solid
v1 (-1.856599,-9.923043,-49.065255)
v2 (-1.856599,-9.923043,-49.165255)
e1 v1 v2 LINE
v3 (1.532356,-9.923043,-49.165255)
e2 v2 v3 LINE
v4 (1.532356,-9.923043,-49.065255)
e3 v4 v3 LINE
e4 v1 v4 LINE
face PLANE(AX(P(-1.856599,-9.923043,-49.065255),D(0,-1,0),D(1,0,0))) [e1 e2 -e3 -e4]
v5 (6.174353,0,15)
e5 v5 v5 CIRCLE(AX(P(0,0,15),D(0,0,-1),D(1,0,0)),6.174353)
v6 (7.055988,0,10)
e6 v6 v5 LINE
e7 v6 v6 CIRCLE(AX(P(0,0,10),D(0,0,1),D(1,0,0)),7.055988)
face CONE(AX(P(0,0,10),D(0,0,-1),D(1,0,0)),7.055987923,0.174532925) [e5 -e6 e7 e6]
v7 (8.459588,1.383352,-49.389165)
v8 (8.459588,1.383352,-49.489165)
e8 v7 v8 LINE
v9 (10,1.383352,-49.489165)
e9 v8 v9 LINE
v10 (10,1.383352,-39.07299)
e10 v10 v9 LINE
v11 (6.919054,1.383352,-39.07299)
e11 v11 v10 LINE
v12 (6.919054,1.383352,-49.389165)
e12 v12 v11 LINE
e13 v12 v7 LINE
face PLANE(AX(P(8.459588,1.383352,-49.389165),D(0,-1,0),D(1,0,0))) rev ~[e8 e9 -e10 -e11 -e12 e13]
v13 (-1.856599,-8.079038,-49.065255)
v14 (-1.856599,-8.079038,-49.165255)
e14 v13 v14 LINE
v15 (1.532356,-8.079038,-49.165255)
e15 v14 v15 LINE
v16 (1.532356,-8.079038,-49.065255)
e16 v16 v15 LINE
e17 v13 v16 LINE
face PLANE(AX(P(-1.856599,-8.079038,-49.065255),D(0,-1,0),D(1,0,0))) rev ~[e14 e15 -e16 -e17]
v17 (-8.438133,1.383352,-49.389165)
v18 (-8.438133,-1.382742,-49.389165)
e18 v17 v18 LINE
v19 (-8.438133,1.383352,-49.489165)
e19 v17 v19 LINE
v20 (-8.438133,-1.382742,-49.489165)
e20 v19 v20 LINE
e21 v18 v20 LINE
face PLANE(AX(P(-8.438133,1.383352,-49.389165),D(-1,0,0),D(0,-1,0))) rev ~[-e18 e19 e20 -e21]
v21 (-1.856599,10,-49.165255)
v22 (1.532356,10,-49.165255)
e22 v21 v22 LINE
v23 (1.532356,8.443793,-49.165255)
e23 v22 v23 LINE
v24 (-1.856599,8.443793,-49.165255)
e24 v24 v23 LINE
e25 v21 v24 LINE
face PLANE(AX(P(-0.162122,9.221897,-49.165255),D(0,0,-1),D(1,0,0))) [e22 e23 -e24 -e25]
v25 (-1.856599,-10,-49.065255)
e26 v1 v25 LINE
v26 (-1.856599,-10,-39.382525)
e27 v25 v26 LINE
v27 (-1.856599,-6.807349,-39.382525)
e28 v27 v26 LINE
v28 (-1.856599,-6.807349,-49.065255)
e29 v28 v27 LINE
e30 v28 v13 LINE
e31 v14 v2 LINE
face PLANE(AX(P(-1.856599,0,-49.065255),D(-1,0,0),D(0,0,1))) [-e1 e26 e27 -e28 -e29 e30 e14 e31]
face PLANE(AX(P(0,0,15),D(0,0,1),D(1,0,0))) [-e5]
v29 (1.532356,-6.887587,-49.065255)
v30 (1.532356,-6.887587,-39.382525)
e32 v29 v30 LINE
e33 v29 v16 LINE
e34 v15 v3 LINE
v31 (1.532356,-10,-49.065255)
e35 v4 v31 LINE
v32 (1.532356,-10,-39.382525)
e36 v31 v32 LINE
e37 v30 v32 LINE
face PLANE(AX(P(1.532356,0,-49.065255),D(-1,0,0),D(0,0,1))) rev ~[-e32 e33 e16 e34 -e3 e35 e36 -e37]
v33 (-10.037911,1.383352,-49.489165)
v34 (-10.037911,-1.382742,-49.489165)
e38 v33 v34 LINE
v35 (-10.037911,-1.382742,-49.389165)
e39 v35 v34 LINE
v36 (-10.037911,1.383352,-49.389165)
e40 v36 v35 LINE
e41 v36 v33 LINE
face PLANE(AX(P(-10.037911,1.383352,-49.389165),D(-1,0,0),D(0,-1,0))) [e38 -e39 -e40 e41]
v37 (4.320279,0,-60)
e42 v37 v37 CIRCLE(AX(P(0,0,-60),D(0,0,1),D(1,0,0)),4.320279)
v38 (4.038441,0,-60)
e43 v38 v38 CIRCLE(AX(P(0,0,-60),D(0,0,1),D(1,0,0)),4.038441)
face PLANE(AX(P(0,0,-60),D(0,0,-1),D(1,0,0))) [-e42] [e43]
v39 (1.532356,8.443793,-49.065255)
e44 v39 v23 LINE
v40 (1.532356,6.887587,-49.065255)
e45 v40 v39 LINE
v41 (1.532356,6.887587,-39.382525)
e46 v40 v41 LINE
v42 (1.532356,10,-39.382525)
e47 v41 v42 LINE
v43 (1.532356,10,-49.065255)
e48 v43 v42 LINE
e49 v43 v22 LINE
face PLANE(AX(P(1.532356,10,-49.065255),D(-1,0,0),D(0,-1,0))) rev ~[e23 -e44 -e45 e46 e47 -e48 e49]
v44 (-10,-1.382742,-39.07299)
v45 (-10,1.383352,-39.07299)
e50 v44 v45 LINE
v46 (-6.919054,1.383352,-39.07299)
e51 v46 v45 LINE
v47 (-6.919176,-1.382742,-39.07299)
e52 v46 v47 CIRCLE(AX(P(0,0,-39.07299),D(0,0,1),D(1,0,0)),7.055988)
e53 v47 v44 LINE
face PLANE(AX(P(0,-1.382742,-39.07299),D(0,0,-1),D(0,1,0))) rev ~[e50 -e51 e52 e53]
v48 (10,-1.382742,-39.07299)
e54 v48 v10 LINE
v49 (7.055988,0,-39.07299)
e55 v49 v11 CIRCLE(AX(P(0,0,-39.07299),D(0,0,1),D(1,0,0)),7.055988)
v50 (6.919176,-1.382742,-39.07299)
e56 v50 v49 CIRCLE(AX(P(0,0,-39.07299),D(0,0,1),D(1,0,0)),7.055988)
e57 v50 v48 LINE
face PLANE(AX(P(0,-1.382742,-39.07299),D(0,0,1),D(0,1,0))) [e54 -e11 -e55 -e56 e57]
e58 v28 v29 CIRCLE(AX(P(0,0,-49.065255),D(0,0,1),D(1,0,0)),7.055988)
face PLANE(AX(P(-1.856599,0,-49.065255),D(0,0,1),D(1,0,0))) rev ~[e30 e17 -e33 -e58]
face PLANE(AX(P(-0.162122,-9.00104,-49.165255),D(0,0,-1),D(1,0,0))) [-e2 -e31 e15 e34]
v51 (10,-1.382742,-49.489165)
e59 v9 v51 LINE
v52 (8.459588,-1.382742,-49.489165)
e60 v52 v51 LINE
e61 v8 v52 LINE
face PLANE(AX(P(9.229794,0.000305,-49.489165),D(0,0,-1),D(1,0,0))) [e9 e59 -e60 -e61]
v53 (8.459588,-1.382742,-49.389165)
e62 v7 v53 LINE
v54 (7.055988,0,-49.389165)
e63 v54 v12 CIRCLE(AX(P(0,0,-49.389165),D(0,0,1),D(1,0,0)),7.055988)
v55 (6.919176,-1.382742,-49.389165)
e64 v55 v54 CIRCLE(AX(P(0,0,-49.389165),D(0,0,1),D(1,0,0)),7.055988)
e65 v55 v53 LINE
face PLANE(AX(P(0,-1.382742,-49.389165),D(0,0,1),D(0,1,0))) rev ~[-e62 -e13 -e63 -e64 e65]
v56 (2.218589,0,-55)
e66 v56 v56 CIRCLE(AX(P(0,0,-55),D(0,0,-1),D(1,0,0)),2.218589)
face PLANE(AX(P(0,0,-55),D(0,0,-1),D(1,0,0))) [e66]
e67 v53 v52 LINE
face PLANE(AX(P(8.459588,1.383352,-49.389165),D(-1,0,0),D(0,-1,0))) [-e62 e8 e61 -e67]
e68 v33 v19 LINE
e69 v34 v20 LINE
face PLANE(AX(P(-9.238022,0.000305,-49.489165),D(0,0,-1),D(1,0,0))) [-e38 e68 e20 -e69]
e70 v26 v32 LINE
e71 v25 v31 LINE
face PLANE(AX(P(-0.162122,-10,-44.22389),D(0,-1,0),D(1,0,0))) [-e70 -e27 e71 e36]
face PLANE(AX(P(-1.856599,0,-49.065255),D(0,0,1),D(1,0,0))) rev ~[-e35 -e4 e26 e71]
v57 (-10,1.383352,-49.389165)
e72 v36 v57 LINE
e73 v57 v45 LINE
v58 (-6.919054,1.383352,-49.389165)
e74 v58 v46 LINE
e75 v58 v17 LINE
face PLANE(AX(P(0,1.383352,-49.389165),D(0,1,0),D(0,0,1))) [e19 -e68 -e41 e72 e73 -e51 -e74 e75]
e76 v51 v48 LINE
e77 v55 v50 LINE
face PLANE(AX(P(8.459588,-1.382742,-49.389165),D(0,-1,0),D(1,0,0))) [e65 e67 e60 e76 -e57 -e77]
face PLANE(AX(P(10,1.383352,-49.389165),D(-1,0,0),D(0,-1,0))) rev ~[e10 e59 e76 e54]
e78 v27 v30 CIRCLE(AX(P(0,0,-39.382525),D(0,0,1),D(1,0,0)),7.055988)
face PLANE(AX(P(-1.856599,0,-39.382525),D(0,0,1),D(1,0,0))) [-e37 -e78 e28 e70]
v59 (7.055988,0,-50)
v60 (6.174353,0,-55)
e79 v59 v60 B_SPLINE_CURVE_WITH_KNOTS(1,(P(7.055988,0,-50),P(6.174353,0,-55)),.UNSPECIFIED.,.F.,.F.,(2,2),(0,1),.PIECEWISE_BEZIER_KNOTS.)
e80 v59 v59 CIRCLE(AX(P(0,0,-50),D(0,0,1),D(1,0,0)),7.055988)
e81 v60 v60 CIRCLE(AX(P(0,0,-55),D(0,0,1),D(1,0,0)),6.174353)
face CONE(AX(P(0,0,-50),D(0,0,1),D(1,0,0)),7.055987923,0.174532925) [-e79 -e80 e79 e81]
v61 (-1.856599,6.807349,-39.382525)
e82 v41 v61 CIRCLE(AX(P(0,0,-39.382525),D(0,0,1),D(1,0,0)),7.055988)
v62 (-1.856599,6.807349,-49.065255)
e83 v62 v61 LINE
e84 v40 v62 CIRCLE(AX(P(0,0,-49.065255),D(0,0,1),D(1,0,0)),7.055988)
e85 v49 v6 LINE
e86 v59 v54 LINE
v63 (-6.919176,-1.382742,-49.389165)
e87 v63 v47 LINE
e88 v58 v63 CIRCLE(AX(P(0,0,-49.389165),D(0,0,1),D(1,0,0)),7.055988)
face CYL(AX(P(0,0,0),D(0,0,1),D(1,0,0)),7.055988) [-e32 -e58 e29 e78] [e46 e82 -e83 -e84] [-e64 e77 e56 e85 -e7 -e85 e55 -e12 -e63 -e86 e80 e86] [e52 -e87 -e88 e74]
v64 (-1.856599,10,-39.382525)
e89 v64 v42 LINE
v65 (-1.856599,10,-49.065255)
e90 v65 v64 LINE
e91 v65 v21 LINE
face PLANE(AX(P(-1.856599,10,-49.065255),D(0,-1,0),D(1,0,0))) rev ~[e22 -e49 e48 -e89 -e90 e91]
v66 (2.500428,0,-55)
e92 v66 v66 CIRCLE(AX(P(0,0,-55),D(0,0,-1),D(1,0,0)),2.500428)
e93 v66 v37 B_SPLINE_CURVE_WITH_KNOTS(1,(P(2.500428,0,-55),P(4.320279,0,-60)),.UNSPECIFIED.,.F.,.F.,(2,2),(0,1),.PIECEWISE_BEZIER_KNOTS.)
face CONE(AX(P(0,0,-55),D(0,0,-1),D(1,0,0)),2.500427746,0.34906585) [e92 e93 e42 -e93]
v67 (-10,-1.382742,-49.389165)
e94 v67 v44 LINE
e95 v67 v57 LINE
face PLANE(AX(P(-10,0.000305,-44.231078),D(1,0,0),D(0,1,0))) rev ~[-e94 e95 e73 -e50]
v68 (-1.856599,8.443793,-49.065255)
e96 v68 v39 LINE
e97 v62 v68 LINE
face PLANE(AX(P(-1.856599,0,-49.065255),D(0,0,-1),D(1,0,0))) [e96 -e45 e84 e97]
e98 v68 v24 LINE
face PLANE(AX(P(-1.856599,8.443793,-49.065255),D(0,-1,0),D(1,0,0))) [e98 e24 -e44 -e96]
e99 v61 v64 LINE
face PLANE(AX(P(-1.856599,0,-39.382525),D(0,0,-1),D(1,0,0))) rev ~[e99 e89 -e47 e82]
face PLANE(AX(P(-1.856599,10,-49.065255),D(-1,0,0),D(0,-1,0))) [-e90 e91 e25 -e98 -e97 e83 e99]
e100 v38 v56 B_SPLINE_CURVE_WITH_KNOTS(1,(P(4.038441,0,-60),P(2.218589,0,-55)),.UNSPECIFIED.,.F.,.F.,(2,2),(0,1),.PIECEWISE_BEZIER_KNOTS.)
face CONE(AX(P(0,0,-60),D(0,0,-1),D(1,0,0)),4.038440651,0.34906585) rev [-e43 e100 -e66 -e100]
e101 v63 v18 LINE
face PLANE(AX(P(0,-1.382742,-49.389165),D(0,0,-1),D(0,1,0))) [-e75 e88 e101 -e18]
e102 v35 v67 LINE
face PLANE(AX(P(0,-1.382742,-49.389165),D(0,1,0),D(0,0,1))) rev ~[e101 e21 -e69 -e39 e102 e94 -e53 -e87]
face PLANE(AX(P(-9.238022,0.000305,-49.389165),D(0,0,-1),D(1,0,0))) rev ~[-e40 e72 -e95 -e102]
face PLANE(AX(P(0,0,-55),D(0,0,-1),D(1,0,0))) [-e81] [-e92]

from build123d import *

# Parameters (mm, degrees)
F0_R           = 7.0559879231
F1_DEPTH       = 10
F1_DEPTH_BACK  = 50
F1_FACE_R      = 7.0559879231
F2_DEPTH       = 5
F2_TAPER       = 10
F1_FACE1_R     = 7.0559879231
F3_DEPTH       = 5
F3_TAPER       = 10
F4_R           = 2.5004277464
F5_DEPTH       = 5
F5_TAPER       = -20
F6_R           = 4.0384406511
F7_DEPTH       = 5
F7_TAPER       = 20
F8_W           = 2.7660944033
F8_H           = 10.3161744773
F9_DEPTH       = 10
F9_DEPTH_BACK  = 10
F10_W          = 1.5404122384
F10_H          = 2.7660944033
F10_W_2        = 1.5997784212
F11_DEPTH      = 0.1
F12_W          = 3.388955025
F12_H          = 9.6827298403
F13_DEPTH      = 10
F13_DEPTH_BACK = 10
F14_W          = 3.388955025
F14_H          = 1.5562066355
F14_H_2        = 1.8440047279
F15_DEPTH      = 0.1


with BuildPart() as f1:
    # F0 (on Top) → F1 (new body, two sides)
    with BuildSketch(Plane.XY) as f1_sk:
        Circle(F0_R)
    extrude(amount=F1_DEPTH)
    extrude(f1_sk.sketch, amount=-F1_DEPTH_BACK)

    # F1_face (on face) → F2 (join)
    with BuildSketch(Plane.XY.offset(10)):
        Circle(F1_FACE_R)
    extrude(amount=F2_DEPTH, taper=F2_TAPER)

    # F1_face1 (on face) → F3 (join)
    with BuildSketch(Plane(origin=(0, 0, -50), x_dir=(1, 0, 0), z_dir=(0, 0, -1))):
        Circle(F1_FACE1_R)
    extrude(amount=F3_DEPTH, taper=F3_TAPER)

    # F4 (on face) → F5 (join)
    with BuildSketch(Plane(origin=(0, 0, -55), x_dir=(1, 0, 0), z_dir=(0, 0, -1))):
        Circle(F4_R)
    extrude(amount=F5_DEPTH, taper=F5_TAPER)

    # F6 (on face) → F7 (cut)
    with BuildSketch(Plane(origin=(0, 0, -60), x_dir=(1, 0, 0), z_dir=(0, 0, -1))):
        Circle(F6_R)
    extrude(amount=-F7_DEPTH, taper=F7_TAPER, mode=Mode.SUBTRACT)

    # F8 (on Right) → F9 (join, two sides)
    with BuildSketch(Plane.YZ) as f9_sk:
        with Locations((0.0003051246, -44.2310776561)):
            Rectangle(F8_W, F8_H)
    extrude(amount=F9_DEPTH)
    extrude(f9_sk.sketch, amount=-F9_DEPTH_BACK)

    # F10 (on face) → F11 (join)
    with BuildSketch(Plane(origin=(0, 0, -49.3891648948), x_dir=(1, 0, 0), z_dir=(0, 0, -1))):
        with Locations((9.2297938808, -0.0003051246)):
            Rectangle(F10_W, F10_H)
        with Locations((-9.2380219139, -0.0003051246)):
            Rectangle(F10_W_2, F10_H)
    extrude(amount=F11_DEPTH)

    # F12 (on Front) → F13 (join, two sides)
    with BuildSketch(Plane.XZ) as f13_sk:
        with Locations((-0.162121607, -44.2238897085)):
            Rectangle(F12_W, F12_H)
    extrude(amount=F13_DEPTH)
    extrude(f13_sk.sketch, amount=-F13_DEPTH_BACK)

    # F14 (on face) → F15 (join)
    with BuildSketch(Plane(origin=(0, 0, -49.0652546287), x_dir=(1, 0, 0), z_dir=(0, 0, -1))):
        with Locations((-0.162121607, -9.2218966823)):
            Rectangle(F14_W, F14_H)
        with Locations((-0.162121607, 9.0010403655)):
            Rectangle(F14_W, F14_H_2)
    extrude(amount=F15_DEPTH)


solid = f1.part
